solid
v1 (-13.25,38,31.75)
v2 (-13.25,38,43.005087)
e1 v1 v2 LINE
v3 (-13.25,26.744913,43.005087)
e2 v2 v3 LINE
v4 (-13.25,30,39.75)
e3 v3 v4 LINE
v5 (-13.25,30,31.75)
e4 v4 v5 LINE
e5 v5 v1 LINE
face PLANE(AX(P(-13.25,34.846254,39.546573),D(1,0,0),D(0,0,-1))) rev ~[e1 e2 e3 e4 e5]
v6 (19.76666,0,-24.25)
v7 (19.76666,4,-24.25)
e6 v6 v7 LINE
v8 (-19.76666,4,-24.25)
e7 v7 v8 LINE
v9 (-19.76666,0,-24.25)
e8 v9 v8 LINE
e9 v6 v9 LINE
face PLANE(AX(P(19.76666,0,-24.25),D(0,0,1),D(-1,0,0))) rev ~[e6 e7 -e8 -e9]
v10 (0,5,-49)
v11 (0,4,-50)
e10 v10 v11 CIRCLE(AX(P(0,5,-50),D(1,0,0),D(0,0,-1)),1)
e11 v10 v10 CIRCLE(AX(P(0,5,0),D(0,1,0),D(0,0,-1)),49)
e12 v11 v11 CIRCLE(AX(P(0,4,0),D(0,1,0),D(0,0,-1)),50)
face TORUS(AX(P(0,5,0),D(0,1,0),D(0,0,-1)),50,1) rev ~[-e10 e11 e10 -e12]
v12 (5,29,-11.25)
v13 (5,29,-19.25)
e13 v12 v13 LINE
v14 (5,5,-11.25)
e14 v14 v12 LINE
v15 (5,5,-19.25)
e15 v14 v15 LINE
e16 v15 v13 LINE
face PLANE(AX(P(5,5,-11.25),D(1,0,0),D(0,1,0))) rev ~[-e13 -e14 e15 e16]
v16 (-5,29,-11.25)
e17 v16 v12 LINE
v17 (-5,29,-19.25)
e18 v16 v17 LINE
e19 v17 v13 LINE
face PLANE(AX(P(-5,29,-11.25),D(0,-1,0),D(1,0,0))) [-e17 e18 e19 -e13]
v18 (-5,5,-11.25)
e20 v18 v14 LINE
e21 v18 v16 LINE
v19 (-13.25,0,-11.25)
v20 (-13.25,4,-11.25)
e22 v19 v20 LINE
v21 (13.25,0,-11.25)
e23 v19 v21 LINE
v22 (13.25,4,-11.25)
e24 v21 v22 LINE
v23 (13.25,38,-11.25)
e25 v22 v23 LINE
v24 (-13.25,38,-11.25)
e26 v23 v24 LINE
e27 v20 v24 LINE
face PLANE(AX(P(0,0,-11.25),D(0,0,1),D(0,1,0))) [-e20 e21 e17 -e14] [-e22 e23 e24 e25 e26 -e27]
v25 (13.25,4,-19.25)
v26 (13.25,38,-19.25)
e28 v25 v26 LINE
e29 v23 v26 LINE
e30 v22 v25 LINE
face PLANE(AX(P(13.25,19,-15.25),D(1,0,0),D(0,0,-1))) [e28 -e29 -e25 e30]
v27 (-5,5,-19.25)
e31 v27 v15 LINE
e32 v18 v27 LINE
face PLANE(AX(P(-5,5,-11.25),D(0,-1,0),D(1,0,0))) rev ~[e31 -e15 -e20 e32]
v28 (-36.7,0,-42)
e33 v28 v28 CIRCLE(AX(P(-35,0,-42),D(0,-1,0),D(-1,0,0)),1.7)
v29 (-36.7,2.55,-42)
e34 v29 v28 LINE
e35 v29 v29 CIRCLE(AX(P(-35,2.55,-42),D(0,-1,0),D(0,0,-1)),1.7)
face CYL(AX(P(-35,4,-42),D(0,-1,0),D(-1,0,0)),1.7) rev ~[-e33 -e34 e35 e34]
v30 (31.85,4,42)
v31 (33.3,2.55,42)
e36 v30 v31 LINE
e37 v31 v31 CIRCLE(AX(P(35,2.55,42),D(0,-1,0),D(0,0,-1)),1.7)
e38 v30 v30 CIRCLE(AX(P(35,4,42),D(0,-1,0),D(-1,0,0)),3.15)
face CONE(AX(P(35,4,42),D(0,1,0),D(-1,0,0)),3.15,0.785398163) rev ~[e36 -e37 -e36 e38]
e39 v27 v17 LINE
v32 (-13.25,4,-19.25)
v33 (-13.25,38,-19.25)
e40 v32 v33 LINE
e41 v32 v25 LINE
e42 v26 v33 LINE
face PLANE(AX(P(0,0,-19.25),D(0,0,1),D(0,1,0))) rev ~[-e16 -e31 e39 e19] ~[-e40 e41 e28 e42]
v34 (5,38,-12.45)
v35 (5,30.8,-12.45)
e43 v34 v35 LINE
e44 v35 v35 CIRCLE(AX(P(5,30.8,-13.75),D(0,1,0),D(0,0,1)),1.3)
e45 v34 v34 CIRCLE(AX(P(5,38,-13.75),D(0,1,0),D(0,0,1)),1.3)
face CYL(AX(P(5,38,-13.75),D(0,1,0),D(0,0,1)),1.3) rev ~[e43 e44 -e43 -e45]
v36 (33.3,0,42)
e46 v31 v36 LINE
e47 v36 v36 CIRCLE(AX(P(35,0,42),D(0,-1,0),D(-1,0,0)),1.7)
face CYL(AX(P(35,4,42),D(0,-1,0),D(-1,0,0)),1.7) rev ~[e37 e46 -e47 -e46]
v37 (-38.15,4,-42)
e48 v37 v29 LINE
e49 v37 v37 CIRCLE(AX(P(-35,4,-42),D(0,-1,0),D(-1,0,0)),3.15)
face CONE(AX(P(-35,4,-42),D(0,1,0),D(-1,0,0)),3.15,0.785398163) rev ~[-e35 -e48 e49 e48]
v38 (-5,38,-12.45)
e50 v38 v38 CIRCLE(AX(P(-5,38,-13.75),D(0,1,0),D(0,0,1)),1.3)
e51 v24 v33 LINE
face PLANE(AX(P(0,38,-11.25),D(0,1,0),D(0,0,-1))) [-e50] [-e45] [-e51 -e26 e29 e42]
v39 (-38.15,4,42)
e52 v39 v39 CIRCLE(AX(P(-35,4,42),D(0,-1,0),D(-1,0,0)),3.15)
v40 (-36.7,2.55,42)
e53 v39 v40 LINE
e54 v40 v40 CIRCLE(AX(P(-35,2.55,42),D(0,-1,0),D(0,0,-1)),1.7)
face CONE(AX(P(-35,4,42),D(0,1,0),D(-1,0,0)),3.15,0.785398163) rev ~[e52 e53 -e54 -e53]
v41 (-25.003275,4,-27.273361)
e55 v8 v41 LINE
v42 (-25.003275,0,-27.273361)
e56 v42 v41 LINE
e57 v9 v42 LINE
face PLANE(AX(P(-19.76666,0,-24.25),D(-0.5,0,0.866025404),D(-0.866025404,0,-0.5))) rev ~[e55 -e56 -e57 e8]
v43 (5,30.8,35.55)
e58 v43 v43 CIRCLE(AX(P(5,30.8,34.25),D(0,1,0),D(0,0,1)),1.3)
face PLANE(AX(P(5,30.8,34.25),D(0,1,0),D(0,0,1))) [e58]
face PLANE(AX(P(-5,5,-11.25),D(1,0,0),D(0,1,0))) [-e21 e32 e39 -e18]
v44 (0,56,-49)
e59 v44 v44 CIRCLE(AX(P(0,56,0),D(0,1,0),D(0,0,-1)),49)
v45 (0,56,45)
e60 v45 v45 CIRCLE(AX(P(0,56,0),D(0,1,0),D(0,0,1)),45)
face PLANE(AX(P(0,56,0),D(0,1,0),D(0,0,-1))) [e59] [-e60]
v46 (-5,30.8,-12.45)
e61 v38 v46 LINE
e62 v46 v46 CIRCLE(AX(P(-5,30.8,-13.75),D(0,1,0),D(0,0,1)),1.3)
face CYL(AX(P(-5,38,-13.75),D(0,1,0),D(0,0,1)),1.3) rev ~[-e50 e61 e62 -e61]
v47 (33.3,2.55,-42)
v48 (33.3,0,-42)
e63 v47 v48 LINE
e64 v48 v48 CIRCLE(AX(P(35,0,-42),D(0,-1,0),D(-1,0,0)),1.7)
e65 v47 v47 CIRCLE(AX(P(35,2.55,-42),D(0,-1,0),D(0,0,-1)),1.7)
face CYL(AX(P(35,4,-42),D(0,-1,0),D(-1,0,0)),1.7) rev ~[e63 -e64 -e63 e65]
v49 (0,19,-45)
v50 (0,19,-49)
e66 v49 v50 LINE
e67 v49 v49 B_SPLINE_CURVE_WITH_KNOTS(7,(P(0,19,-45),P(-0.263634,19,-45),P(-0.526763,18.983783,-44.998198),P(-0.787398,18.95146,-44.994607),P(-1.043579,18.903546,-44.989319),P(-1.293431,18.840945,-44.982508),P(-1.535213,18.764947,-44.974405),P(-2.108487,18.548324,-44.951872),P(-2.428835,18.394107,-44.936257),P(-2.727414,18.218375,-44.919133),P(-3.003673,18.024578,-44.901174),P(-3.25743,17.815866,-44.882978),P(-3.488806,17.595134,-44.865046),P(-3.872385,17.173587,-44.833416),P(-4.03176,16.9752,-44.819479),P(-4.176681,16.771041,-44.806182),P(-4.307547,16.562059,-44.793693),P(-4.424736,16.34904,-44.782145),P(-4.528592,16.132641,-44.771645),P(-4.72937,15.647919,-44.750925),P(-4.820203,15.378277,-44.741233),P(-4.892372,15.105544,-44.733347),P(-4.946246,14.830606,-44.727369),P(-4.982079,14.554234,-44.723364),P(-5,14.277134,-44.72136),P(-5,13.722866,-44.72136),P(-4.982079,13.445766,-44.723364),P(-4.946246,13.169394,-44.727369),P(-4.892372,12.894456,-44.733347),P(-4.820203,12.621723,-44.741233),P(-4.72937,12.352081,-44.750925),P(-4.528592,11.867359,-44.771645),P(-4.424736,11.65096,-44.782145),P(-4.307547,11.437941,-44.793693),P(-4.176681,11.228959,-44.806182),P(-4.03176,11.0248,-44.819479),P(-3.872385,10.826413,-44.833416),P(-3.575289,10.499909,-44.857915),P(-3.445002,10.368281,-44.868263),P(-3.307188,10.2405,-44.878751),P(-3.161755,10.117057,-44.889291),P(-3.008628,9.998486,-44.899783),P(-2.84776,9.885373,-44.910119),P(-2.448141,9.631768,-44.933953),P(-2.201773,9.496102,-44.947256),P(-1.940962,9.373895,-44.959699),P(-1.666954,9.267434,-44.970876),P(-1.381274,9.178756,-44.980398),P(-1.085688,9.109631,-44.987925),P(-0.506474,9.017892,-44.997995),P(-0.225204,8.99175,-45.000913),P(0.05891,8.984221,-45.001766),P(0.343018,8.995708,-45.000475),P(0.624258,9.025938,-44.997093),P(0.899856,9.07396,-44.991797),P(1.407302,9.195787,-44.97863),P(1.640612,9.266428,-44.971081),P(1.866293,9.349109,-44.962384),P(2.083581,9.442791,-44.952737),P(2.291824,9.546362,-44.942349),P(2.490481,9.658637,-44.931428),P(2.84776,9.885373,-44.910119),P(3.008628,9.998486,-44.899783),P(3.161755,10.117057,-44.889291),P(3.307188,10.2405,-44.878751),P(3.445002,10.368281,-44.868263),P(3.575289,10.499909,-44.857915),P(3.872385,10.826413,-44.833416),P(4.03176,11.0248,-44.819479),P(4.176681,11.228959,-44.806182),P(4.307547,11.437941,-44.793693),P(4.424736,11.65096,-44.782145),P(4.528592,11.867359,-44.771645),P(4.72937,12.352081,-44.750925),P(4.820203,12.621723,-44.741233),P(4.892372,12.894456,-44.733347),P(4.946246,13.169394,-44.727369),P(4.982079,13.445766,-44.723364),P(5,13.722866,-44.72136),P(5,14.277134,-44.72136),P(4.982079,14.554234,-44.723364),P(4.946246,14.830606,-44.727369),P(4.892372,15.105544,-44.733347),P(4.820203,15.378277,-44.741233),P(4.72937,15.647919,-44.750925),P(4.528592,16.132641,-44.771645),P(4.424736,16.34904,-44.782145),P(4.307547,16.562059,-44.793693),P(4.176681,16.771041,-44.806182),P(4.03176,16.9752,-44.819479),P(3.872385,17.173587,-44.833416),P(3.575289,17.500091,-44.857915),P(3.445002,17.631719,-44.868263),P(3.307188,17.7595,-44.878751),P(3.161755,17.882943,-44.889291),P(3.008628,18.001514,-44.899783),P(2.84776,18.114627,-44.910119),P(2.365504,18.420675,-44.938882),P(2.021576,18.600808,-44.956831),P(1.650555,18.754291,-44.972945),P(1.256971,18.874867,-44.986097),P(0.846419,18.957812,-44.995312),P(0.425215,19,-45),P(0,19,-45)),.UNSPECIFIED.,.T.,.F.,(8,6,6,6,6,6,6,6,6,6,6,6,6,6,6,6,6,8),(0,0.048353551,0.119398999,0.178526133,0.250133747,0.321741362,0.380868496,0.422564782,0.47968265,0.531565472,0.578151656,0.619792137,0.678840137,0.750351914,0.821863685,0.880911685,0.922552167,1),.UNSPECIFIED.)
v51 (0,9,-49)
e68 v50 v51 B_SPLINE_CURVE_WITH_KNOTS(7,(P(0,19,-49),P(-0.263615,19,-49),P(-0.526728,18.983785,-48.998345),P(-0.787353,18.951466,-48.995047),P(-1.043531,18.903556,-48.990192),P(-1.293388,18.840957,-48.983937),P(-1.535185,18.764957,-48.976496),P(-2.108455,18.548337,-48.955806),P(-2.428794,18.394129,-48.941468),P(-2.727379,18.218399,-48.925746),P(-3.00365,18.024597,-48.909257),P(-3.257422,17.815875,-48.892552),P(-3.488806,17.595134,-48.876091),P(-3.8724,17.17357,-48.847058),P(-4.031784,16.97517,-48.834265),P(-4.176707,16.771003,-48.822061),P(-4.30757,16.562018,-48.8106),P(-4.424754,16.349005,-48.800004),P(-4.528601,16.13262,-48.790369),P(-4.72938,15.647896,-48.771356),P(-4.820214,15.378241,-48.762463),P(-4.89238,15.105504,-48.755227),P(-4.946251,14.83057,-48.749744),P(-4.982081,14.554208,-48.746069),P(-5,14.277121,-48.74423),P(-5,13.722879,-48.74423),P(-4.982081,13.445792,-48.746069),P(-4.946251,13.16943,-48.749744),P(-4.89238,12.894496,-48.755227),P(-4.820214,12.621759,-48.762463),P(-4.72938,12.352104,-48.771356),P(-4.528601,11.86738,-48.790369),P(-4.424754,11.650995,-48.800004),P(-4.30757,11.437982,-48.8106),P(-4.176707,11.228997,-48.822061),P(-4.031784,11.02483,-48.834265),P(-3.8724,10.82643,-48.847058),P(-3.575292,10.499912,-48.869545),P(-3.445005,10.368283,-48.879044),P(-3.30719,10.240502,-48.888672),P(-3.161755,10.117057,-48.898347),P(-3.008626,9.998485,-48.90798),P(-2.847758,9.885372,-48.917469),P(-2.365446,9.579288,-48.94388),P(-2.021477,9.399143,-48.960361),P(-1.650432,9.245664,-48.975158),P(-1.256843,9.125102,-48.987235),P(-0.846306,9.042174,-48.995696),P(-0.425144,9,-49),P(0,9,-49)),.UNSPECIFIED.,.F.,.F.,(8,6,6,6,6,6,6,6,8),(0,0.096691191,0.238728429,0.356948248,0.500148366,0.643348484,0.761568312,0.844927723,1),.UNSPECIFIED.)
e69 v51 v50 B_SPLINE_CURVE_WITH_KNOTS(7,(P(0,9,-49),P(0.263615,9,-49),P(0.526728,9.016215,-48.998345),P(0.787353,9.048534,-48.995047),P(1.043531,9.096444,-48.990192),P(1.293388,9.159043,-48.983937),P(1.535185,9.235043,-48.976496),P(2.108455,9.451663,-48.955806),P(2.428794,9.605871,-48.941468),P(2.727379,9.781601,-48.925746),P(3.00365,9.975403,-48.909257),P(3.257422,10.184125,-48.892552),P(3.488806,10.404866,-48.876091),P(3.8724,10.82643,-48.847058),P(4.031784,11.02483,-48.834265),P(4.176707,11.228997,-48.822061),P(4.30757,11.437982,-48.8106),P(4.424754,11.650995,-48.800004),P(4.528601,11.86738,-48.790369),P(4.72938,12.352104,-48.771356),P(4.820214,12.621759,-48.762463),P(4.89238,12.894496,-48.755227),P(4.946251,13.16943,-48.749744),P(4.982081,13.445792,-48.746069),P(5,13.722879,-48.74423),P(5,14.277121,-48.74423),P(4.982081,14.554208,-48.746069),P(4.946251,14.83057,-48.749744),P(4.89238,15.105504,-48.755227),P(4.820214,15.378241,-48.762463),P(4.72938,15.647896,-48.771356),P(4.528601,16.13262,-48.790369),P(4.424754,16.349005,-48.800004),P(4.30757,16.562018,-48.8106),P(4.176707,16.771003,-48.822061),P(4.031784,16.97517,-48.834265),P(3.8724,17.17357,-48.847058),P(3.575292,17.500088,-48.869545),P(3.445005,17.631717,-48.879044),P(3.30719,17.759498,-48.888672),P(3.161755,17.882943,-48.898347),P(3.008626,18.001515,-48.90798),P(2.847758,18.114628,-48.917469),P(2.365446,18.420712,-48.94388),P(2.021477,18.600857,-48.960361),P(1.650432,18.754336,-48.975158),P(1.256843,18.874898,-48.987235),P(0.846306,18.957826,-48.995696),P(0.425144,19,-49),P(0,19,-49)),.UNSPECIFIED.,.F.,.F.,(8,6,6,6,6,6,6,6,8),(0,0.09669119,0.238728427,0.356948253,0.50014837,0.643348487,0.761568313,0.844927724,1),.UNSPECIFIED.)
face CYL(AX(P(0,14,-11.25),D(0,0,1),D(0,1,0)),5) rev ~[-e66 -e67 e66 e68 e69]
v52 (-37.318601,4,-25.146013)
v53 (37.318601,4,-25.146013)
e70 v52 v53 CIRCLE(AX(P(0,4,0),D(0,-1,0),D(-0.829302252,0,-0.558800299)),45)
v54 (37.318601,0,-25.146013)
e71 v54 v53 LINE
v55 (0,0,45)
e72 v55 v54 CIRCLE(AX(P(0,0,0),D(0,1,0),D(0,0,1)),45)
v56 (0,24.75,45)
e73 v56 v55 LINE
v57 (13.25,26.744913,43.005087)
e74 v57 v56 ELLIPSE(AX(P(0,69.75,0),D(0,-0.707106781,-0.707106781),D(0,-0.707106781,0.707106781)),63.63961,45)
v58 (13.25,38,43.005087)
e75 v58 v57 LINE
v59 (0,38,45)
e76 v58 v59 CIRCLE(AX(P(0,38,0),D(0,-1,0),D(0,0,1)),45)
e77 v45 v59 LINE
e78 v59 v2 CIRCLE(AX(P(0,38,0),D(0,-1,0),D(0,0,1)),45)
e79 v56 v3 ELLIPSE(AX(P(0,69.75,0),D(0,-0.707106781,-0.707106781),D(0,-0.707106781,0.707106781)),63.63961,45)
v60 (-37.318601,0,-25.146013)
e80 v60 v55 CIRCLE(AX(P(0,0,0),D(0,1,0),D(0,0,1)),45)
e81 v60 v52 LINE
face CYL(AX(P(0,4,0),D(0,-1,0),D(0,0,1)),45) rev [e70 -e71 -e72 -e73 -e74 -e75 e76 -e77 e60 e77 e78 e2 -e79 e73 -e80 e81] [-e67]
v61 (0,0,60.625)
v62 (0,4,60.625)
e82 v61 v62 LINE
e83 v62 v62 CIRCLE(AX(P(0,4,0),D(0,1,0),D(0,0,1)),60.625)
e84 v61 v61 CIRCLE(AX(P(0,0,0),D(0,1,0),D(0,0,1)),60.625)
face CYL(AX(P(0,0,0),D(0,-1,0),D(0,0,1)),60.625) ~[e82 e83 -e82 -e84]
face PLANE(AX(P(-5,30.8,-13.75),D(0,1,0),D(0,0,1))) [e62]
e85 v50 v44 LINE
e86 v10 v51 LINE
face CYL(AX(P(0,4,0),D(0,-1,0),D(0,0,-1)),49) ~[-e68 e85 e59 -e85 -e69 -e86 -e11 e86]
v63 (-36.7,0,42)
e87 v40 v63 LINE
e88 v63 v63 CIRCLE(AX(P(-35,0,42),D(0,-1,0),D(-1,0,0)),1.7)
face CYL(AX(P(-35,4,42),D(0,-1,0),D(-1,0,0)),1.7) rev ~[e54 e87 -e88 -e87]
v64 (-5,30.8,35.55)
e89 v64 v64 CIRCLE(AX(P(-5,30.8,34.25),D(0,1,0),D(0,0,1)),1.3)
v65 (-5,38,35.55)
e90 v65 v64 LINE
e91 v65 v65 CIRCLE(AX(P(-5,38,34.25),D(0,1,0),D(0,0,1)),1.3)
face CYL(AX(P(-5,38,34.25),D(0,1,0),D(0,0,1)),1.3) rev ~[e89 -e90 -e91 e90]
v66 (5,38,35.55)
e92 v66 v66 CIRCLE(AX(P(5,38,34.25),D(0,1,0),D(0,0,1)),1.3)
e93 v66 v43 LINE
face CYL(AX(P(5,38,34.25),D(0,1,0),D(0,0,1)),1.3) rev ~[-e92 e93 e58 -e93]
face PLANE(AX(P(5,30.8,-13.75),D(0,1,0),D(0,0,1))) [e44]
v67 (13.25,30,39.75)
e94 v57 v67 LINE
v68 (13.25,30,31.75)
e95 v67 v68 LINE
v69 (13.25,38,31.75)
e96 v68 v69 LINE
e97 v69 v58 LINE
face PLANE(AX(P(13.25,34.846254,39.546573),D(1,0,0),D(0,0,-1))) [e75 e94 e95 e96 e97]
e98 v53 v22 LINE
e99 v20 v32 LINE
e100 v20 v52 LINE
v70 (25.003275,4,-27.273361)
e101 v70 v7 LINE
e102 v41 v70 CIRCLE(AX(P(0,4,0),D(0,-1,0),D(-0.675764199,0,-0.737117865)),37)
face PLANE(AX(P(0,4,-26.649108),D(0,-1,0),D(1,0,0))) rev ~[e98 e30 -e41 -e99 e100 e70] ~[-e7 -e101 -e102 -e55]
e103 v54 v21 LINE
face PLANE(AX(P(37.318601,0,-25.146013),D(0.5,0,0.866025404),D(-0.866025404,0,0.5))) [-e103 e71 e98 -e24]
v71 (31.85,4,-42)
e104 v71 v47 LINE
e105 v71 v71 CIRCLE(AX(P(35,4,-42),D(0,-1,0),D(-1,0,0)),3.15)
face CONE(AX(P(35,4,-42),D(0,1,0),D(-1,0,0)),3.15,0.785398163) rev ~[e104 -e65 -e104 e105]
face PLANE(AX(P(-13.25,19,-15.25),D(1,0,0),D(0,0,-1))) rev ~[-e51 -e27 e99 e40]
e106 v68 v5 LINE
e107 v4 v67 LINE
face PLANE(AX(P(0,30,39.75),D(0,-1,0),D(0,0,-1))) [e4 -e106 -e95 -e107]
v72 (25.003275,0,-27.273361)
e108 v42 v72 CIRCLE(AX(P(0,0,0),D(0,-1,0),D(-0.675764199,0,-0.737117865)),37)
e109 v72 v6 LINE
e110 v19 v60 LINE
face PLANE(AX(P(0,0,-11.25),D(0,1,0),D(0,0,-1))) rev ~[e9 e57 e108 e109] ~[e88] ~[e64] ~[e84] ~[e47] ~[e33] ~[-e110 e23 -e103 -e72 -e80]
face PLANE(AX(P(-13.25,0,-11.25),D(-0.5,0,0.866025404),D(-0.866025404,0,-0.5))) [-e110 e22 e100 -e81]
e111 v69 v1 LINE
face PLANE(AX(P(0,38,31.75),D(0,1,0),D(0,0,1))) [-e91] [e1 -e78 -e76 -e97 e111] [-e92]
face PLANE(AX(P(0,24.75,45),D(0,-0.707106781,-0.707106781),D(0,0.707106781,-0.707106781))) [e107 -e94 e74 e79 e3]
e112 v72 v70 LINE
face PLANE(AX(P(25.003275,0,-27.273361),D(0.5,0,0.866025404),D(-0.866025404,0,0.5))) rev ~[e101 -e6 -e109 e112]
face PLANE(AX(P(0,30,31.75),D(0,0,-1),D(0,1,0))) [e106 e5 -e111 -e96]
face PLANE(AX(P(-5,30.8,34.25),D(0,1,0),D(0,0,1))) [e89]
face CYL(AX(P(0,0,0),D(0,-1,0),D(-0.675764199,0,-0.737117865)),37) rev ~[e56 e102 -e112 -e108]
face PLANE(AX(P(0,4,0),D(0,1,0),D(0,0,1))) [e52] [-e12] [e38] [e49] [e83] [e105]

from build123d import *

# Parameters (mm, degrees)
SKETCH1_R                                           = 60.625
SKETCH1_R_2                                         = 45
BOSS_EXTRUDE1_DEPTH                                 = 4
SKETCH2_R                                           = 49
SKETCH2_R_2                                         = 45
BOSS_EXTRUDE2_DEPTH                                 = 52
SKETCH3_W                                           = 8
SKETCH3_H                                           = 38
BOSS_EXTRUDE3_DEPTH                                 = 13.25
SKETCH6_W                                           = 10
SKETCH6_H                                           = 24
CUT_EXTRUDE1_DEPTH                                  = 26
SKETCH7_R                                           = 5
CUT_EXTRUDE2_DEPTH                                  = 58
SKETCH8_R                                           = 1.3
CUT_EXTRUDE3_DEPTH                                  = 7.2
BOSS_EXTRUDE4_DEPTH                                 = 4
CSK_FOR_M3_COUNTERSUNK_FLAT_HEAD_SCREW1_D           = 3.4
CSK_FOR_M3_COUNTERSUNK_FLAT_HEAD_SCREW1_DEPTH       = 4
CSK_FOR_M3_COUNTERSUNK_FLAT_HEAD_SCREW1_CSINK_D     = 6.3
CSK_FOR_M3_COUNTERSUNK_FLAT_HEAD_SCREW1_CSINK_ANGLE = 90
CSK_FOR_M3_COUNTERSUNK_FLAT_HEAD_SCREW1_TIP         = 1.021463052
FILLET1_R                                           = 1


with BuildPart() as part:
    # Sketch1 → Boss-Extrude1 (new body)
    with BuildSketch(Plane(origin=(0, 0, 0), x_dir=(1, 0, 0), z_dir=(0, 1, 0))):
        with Locations(Location((0, 0, 0), (0, 0, 270))):
            Circle(SKETCH1_R)
        with Locations(Location((0, 0, 0), (0, 0, 270))):
            Circle(SKETCH1_R_2, mode=Mode.SUBTRACT)
    extrude(amount=BOSS_EXTRUDE1_DEPTH)

    # Sketch2 → Boss-Extrude2 (add)
    with BuildSketch(Plane(origin=(0, 4, 0), x_dir=(1, 0, 0), z_dir=(0, 1, 0))):
        with Locations(Location((0, 0, 0), (0, 0, 90))):
            Circle(SKETCH2_R)
        with Locations(Location((0, 0, 0), (0, 0, 270))):
            Circle(SKETCH2_R_2, mode=Mode.SUBTRACT)
    extrude(amount=BOSS_EXTRUDE2_DEPTH)

    # Sketch3 → Boss-Extrude3 (add, symmetric)
    with BuildSketch(Plane(origin=(0, 0, 0), x_dir=(0, 0, -1), z_dir=(1, 0, 0))):
        with Locations((15.25, 19)):
            Rectangle(SKETCH3_W, SKETCH3_H)
        Polygon((-45, 38), (-45, 30), (-39.75, 30), (-31.75, 38), align=None)
        Polygon((-39.75, 30), (-45, 30), (-45, 24.75), align=None)
        Polygon((-31.75, 38), (-39.75, 30), (-31.75, 30), align=None)
    extrude(amount=BOSS_EXTRUDE3_DEPTH, both=True)


with BuildPart() as boss_extrude3_piece_1:
    # of the separate pieces the step leaves, piece 1, a body of its own (boss_extrude3_pieces)
    add(part.part.solids().sort_by_distance((0, 0, 60.625))[0])

    # Sketch7 → Cut-Extrude2 (cut)
    with BuildSketch(Plane.XY.offset(-11.25)):
        with Locations(Location((0, 14, 0), (0, 0, 90))):
            Circle(SKETCH7_R)
    extrude(amount=-CUT_EXTRUDE2_DEPTH, mode=Mode.SUBTRACT)


with BuildPart() as boss_extrude3_piece_2:
    # of the separate pieces the step leaves, piece 2, a body of its own (boss_extrude3_pieces)
    add(part.part.solids().sort_by_distance((-13.25, 38, -19.25))[0])

    # Sketch6 → Cut-Extrude1 (cut)
    with BuildSketch(Plane.XY.offset(-11.25)):
        with Locations((0, 17)):
            Rectangle(SKETCH6_W, SKETCH6_H)
    extrude(amount=-CUT_EXTRUDE1_DEPTH, mode=Mode.SUBTRACT)


with BuildPart() as cut_extrude3_tool:
    # Sketch8 → Cut-Extrude3 (new body)
    with BuildSketch(Plane(origin=(0, 38, 0), x_dir=(1, 0, 0), z_dir=(0, 1, 0))):
        with Locations(Location((-5, 13.75, 0), (0, 0, 270))):
            Circle(SKETCH8_R)
        with Locations(Location((5, 13.75, 0), (0, 0, 270))):
            Circle(SKETCH8_R)
        with Locations(Location((-5, -34.25, 0), (0, 0, 270))):
            Circle(SKETCH8_R)
        with Locations(Location((5, -34.25, 0), (0, 0, 270))):
            Circle(SKETCH8_R)
    extrude(amount=-CUT_EXTRUDE3_DEPTH)


with BuildPart() as boss_extrude3_piece_1_1:
    add(boss_extrude3_piece_1.part)

    # Cut-Extrude3: cut by cut_extrude3_tool
    add(cut_extrude3_tool.part, mode=Mode.SUBTRACT)



with BuildPart() as boss_extrude3_piece_2_1:
    add(boss_extrude3_piece_2.part)

    # Cut-Extrude3: cut by cut_extrude3_tool
    add(cut_extrude3_tool.part, mode=Mode.SUBTRACT)


with BuildPart() as boss_extrude3_piece_1_2:
    add(boss_extrude3_piece_1_1.part)

    add(boss_extrude3_piece_2_1.part)  # Boss-Extrude4 merges Boss-Extrude3 piece 2
    # Sketch9 → Boss-Extrude4 (add)
    with BuildSketch(Plane.XZ):
        with BuildLine():
            Line((13.25, -11.25), (-13.25, -11.25))
            Line((-13.25, -11.25), (-37.318601349, -25.146013468))
            ThreePointArc((-37.318601349, -25.146013468), (0, -45), (37.318601349, -25.146013468))
            Line((37.318601349, -25.146013468), (13.25, -11.25))
        make_face()
        with BuildLine():
            Line((-19.766660498, -24.25), (-25.003275373, -27.273361007))
            ThreePointArc((-25.003275373, -27.273361007), (0, -37), (25.003275373, -27.273361007))
            Line((25.003275373, -27.273361007), (19.766660498, -24.25))
            Line((19.766660498, -24.25), (-19.766660498, -24.25))
        make_face(mode=Mode.SUBTRACT)
    extrude(amount=-BOSS_EXTRUDE4_DEPTH)

    # CSK for M3 Countersunk Flat Head Screw1
    with Locations(Plane(origin=(0, 4, 0), x_dir=(1, 0, 0), z_dir=(0, 1, 0))):
        with Locations((-35, 42), (35, 42), (35, -42), (-35, -42)):
            CounterSinkHole(CSK_FOR_M3_COUNTERSUNK_FLAT_HEAD_SCREW1_D / 2, CSK_FOR_M3_COUNTERSUNK_FLAT_HEAD_SCREW1_CSINK_D / 2, depth=CSK_FOR_M3_COUNTERSUNK_FLAT_HEAD_SCREW1_DEPTH, counter_sink_angle=CSK_FOR_M3_COUNTERSUNK_FLAT_HEAD_SCREW1_CSINK_ANGLE)
            with Locations((0, 0, -(CSK_FOR_M3_COUNTERSUNK_FLAT_HEAD_SCREW1_DEPTH + CSK_FOR_M3_COUNTERSUNK_FLAT_HEAD_SCREW1_TIP / 2))):  # 118° drill point
                Cone(0, CSK_FOR_M3_COUNTERSUNK_FLAT_HEAD_SCREW1_D / 2, CSK_FOR_M3_COUNTERSUNK_FLAT_HEAD_SCREW1_TIP, mode=Mode.SUBTRACT)

    # Fillet1
    fillet1_edges = [boss_extrude3_piece_1_2.edges().sort_by_distance(p)[0] for p in [
        (0, 4, 49),
    ]]
    fillet(fillet1_edges, radius=FILLET1_R)


solid = boss_extrude3_piece_1_2.part
